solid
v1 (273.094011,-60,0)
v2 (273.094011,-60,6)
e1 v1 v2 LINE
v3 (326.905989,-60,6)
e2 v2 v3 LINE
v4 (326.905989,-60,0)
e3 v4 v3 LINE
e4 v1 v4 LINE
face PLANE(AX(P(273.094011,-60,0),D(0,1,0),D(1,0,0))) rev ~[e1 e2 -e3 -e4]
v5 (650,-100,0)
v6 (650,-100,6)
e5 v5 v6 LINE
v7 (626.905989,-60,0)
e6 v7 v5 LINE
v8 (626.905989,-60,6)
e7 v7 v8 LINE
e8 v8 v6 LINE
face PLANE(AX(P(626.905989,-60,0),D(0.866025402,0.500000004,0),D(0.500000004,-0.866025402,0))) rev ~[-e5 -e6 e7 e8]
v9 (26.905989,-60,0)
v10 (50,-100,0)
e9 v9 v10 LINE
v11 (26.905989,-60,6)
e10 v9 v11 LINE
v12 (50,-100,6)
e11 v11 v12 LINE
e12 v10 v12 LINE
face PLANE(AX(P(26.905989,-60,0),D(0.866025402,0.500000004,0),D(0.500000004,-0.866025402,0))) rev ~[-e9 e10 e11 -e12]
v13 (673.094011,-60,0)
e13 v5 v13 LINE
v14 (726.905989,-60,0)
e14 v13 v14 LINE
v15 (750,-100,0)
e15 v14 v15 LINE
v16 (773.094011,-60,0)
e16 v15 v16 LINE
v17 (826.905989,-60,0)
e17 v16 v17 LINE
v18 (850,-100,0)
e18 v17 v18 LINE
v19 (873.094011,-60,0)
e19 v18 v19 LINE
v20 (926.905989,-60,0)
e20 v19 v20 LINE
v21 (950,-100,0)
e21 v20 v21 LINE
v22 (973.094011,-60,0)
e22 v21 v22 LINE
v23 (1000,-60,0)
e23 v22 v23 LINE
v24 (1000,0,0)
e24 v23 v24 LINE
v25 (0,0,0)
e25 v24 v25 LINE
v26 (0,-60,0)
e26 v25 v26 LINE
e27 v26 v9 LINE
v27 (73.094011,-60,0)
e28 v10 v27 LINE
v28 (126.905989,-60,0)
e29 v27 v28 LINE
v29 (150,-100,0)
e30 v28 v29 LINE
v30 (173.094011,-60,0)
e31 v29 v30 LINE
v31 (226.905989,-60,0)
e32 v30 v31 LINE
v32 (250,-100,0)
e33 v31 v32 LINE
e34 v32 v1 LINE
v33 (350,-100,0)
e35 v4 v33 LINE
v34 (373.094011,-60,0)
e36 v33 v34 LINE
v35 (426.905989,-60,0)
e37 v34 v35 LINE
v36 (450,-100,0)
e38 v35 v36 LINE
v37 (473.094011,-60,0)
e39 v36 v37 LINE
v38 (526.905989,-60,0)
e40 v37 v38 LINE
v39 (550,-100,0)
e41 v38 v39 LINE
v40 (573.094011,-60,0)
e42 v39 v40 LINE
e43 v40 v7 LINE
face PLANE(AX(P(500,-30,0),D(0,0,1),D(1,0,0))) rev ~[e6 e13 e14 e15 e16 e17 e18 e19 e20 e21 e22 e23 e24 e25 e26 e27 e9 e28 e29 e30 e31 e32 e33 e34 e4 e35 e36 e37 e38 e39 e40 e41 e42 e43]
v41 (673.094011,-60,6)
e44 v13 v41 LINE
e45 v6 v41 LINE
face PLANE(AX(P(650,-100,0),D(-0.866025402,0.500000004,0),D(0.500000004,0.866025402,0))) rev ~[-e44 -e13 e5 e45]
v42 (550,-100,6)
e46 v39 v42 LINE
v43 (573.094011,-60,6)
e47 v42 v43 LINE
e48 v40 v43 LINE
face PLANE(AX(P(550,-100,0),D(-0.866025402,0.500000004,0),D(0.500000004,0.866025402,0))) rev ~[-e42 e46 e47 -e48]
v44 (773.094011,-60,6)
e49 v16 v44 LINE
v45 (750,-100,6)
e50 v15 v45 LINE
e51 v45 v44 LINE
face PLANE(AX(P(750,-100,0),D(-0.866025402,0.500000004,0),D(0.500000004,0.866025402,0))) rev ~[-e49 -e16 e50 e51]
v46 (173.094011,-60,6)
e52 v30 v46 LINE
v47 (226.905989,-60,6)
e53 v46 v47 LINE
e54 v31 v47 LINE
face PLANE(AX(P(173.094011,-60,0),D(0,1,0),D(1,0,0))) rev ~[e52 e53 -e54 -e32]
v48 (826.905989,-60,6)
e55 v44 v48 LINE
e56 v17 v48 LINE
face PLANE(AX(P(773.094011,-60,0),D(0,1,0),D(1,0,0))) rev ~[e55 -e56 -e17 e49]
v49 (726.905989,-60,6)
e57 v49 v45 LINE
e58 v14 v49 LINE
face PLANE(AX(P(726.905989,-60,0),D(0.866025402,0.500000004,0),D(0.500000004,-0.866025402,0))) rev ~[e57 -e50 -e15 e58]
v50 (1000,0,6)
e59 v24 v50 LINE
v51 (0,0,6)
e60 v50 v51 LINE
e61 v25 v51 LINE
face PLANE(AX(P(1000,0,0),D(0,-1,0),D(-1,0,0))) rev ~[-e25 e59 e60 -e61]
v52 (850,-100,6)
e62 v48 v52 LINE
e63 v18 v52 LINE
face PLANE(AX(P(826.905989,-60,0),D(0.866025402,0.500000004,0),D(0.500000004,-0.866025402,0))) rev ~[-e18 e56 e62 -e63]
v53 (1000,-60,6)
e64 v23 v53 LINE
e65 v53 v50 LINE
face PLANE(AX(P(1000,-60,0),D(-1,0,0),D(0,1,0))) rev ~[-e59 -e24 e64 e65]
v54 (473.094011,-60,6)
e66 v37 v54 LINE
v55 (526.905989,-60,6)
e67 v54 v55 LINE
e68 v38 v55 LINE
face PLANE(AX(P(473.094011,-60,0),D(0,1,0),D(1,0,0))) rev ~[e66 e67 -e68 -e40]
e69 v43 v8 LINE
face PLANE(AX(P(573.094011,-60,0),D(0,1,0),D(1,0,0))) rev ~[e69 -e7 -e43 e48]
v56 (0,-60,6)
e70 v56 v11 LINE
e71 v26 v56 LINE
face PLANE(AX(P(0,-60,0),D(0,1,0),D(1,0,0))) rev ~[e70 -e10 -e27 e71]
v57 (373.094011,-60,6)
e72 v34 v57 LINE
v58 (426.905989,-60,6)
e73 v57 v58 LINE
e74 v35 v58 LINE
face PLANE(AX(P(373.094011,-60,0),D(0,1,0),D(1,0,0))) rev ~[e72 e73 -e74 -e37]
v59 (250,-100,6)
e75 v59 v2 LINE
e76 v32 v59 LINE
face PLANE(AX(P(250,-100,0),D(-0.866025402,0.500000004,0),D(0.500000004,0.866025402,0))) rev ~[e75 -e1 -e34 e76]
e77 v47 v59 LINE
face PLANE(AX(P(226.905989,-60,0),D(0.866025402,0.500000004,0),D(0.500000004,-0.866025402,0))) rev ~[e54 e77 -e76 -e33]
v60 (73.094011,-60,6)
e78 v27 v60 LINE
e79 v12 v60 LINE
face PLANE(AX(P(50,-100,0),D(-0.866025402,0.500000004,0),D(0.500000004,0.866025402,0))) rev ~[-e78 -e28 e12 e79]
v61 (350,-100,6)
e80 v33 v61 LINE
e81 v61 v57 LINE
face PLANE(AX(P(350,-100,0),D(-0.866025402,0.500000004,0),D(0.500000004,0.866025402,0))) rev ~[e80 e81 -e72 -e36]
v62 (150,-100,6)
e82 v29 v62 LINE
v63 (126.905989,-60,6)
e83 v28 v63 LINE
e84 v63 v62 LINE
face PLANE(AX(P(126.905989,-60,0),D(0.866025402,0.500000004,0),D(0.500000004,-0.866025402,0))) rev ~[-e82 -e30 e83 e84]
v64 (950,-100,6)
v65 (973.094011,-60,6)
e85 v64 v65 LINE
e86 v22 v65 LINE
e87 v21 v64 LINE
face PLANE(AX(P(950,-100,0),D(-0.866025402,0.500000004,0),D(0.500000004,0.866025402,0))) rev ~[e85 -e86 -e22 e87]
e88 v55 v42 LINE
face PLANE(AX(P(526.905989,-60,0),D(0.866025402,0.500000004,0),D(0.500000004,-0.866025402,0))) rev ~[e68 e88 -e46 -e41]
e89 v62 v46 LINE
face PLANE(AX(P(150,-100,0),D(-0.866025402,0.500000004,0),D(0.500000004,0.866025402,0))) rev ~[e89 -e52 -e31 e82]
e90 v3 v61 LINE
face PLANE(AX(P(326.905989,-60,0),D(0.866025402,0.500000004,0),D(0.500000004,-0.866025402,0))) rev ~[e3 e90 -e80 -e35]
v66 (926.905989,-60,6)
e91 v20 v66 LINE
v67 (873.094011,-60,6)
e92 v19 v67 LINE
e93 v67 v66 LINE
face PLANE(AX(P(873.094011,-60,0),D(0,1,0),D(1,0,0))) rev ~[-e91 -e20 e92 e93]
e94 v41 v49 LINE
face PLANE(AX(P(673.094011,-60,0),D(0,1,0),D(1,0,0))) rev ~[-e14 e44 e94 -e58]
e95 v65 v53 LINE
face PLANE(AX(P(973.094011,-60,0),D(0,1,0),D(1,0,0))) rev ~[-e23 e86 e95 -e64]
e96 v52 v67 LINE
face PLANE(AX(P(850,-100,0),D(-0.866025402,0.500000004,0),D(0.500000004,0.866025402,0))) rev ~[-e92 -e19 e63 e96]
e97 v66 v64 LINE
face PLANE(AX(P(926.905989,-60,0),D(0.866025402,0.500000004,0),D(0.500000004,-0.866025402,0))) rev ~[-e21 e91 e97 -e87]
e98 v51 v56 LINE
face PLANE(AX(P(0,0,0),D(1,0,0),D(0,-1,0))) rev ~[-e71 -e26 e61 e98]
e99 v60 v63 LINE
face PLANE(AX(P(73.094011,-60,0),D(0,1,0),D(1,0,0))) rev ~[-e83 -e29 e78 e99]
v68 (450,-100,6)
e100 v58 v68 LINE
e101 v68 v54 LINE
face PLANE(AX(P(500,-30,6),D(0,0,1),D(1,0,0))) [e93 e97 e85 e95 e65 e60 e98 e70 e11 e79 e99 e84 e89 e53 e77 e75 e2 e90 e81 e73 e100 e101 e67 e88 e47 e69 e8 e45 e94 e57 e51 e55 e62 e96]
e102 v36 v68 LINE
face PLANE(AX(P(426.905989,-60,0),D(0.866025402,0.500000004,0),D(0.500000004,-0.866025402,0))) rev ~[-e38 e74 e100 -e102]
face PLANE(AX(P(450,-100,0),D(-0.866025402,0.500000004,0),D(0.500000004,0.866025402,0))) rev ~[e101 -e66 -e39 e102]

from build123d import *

# Parameters (mm, degrees)
F1_DEPTH = 6


with BuildPart() as f1:
    # F0 (on Top) → F1 (new body)
    with BuildSketch(Plane.XY):
        Polygon((1000, 0), (0, 0), (0, -60), (26.905989, -60), (73.094011, -60), (126.905989, -60), (173.094011, -60), (226.905989, -60), (273.094011, -60), (326.905989, -60), (373.094011, -60), (426.905989, -60), (473.094011, -60), (526.905989, -60), (573.094011, -60), (626.905989, -60), (673.094011, -60), (726.905989, -60), (773.094011, -60), (826.905989, -60), (873.094011, -60), (926.905989, -60), (973.094011, -60), (1000, -60), align=None)
        Polygon((73.094011, -60), (26.905989, -60), (50, -100), align=None)
        Polygon((950, -100), (973.094011, -60), (926.905989, -60), align=None)
        Polygon((173.094011, -60), (126.905989, -60), (150, -100), align=None)
        Polygon((850, -100), (873.094011, -60), (826.905989, -60), align=None)
        Polygon((273.094011, -60), (226.905989, -60), (250, -100), align=None)
        Polygon((750, -100), (773.094011, -60), (726.905989, -60), align=None)
        Polygon((373.094011, -60), (326.905989, -60), (350, -100), align=None)
        Polygon((650, -100), (673.094011, -60), (626.905989, -60), align=None)
        Polygon((473.094011, -60), (426.905989, -60), (450, -100), align=None)
        Polygon((550, -100), (573.094011, -60), (526.905989, -60), align=None)
    extrude(amount=F1_DEPTH)


solid = f1.part
